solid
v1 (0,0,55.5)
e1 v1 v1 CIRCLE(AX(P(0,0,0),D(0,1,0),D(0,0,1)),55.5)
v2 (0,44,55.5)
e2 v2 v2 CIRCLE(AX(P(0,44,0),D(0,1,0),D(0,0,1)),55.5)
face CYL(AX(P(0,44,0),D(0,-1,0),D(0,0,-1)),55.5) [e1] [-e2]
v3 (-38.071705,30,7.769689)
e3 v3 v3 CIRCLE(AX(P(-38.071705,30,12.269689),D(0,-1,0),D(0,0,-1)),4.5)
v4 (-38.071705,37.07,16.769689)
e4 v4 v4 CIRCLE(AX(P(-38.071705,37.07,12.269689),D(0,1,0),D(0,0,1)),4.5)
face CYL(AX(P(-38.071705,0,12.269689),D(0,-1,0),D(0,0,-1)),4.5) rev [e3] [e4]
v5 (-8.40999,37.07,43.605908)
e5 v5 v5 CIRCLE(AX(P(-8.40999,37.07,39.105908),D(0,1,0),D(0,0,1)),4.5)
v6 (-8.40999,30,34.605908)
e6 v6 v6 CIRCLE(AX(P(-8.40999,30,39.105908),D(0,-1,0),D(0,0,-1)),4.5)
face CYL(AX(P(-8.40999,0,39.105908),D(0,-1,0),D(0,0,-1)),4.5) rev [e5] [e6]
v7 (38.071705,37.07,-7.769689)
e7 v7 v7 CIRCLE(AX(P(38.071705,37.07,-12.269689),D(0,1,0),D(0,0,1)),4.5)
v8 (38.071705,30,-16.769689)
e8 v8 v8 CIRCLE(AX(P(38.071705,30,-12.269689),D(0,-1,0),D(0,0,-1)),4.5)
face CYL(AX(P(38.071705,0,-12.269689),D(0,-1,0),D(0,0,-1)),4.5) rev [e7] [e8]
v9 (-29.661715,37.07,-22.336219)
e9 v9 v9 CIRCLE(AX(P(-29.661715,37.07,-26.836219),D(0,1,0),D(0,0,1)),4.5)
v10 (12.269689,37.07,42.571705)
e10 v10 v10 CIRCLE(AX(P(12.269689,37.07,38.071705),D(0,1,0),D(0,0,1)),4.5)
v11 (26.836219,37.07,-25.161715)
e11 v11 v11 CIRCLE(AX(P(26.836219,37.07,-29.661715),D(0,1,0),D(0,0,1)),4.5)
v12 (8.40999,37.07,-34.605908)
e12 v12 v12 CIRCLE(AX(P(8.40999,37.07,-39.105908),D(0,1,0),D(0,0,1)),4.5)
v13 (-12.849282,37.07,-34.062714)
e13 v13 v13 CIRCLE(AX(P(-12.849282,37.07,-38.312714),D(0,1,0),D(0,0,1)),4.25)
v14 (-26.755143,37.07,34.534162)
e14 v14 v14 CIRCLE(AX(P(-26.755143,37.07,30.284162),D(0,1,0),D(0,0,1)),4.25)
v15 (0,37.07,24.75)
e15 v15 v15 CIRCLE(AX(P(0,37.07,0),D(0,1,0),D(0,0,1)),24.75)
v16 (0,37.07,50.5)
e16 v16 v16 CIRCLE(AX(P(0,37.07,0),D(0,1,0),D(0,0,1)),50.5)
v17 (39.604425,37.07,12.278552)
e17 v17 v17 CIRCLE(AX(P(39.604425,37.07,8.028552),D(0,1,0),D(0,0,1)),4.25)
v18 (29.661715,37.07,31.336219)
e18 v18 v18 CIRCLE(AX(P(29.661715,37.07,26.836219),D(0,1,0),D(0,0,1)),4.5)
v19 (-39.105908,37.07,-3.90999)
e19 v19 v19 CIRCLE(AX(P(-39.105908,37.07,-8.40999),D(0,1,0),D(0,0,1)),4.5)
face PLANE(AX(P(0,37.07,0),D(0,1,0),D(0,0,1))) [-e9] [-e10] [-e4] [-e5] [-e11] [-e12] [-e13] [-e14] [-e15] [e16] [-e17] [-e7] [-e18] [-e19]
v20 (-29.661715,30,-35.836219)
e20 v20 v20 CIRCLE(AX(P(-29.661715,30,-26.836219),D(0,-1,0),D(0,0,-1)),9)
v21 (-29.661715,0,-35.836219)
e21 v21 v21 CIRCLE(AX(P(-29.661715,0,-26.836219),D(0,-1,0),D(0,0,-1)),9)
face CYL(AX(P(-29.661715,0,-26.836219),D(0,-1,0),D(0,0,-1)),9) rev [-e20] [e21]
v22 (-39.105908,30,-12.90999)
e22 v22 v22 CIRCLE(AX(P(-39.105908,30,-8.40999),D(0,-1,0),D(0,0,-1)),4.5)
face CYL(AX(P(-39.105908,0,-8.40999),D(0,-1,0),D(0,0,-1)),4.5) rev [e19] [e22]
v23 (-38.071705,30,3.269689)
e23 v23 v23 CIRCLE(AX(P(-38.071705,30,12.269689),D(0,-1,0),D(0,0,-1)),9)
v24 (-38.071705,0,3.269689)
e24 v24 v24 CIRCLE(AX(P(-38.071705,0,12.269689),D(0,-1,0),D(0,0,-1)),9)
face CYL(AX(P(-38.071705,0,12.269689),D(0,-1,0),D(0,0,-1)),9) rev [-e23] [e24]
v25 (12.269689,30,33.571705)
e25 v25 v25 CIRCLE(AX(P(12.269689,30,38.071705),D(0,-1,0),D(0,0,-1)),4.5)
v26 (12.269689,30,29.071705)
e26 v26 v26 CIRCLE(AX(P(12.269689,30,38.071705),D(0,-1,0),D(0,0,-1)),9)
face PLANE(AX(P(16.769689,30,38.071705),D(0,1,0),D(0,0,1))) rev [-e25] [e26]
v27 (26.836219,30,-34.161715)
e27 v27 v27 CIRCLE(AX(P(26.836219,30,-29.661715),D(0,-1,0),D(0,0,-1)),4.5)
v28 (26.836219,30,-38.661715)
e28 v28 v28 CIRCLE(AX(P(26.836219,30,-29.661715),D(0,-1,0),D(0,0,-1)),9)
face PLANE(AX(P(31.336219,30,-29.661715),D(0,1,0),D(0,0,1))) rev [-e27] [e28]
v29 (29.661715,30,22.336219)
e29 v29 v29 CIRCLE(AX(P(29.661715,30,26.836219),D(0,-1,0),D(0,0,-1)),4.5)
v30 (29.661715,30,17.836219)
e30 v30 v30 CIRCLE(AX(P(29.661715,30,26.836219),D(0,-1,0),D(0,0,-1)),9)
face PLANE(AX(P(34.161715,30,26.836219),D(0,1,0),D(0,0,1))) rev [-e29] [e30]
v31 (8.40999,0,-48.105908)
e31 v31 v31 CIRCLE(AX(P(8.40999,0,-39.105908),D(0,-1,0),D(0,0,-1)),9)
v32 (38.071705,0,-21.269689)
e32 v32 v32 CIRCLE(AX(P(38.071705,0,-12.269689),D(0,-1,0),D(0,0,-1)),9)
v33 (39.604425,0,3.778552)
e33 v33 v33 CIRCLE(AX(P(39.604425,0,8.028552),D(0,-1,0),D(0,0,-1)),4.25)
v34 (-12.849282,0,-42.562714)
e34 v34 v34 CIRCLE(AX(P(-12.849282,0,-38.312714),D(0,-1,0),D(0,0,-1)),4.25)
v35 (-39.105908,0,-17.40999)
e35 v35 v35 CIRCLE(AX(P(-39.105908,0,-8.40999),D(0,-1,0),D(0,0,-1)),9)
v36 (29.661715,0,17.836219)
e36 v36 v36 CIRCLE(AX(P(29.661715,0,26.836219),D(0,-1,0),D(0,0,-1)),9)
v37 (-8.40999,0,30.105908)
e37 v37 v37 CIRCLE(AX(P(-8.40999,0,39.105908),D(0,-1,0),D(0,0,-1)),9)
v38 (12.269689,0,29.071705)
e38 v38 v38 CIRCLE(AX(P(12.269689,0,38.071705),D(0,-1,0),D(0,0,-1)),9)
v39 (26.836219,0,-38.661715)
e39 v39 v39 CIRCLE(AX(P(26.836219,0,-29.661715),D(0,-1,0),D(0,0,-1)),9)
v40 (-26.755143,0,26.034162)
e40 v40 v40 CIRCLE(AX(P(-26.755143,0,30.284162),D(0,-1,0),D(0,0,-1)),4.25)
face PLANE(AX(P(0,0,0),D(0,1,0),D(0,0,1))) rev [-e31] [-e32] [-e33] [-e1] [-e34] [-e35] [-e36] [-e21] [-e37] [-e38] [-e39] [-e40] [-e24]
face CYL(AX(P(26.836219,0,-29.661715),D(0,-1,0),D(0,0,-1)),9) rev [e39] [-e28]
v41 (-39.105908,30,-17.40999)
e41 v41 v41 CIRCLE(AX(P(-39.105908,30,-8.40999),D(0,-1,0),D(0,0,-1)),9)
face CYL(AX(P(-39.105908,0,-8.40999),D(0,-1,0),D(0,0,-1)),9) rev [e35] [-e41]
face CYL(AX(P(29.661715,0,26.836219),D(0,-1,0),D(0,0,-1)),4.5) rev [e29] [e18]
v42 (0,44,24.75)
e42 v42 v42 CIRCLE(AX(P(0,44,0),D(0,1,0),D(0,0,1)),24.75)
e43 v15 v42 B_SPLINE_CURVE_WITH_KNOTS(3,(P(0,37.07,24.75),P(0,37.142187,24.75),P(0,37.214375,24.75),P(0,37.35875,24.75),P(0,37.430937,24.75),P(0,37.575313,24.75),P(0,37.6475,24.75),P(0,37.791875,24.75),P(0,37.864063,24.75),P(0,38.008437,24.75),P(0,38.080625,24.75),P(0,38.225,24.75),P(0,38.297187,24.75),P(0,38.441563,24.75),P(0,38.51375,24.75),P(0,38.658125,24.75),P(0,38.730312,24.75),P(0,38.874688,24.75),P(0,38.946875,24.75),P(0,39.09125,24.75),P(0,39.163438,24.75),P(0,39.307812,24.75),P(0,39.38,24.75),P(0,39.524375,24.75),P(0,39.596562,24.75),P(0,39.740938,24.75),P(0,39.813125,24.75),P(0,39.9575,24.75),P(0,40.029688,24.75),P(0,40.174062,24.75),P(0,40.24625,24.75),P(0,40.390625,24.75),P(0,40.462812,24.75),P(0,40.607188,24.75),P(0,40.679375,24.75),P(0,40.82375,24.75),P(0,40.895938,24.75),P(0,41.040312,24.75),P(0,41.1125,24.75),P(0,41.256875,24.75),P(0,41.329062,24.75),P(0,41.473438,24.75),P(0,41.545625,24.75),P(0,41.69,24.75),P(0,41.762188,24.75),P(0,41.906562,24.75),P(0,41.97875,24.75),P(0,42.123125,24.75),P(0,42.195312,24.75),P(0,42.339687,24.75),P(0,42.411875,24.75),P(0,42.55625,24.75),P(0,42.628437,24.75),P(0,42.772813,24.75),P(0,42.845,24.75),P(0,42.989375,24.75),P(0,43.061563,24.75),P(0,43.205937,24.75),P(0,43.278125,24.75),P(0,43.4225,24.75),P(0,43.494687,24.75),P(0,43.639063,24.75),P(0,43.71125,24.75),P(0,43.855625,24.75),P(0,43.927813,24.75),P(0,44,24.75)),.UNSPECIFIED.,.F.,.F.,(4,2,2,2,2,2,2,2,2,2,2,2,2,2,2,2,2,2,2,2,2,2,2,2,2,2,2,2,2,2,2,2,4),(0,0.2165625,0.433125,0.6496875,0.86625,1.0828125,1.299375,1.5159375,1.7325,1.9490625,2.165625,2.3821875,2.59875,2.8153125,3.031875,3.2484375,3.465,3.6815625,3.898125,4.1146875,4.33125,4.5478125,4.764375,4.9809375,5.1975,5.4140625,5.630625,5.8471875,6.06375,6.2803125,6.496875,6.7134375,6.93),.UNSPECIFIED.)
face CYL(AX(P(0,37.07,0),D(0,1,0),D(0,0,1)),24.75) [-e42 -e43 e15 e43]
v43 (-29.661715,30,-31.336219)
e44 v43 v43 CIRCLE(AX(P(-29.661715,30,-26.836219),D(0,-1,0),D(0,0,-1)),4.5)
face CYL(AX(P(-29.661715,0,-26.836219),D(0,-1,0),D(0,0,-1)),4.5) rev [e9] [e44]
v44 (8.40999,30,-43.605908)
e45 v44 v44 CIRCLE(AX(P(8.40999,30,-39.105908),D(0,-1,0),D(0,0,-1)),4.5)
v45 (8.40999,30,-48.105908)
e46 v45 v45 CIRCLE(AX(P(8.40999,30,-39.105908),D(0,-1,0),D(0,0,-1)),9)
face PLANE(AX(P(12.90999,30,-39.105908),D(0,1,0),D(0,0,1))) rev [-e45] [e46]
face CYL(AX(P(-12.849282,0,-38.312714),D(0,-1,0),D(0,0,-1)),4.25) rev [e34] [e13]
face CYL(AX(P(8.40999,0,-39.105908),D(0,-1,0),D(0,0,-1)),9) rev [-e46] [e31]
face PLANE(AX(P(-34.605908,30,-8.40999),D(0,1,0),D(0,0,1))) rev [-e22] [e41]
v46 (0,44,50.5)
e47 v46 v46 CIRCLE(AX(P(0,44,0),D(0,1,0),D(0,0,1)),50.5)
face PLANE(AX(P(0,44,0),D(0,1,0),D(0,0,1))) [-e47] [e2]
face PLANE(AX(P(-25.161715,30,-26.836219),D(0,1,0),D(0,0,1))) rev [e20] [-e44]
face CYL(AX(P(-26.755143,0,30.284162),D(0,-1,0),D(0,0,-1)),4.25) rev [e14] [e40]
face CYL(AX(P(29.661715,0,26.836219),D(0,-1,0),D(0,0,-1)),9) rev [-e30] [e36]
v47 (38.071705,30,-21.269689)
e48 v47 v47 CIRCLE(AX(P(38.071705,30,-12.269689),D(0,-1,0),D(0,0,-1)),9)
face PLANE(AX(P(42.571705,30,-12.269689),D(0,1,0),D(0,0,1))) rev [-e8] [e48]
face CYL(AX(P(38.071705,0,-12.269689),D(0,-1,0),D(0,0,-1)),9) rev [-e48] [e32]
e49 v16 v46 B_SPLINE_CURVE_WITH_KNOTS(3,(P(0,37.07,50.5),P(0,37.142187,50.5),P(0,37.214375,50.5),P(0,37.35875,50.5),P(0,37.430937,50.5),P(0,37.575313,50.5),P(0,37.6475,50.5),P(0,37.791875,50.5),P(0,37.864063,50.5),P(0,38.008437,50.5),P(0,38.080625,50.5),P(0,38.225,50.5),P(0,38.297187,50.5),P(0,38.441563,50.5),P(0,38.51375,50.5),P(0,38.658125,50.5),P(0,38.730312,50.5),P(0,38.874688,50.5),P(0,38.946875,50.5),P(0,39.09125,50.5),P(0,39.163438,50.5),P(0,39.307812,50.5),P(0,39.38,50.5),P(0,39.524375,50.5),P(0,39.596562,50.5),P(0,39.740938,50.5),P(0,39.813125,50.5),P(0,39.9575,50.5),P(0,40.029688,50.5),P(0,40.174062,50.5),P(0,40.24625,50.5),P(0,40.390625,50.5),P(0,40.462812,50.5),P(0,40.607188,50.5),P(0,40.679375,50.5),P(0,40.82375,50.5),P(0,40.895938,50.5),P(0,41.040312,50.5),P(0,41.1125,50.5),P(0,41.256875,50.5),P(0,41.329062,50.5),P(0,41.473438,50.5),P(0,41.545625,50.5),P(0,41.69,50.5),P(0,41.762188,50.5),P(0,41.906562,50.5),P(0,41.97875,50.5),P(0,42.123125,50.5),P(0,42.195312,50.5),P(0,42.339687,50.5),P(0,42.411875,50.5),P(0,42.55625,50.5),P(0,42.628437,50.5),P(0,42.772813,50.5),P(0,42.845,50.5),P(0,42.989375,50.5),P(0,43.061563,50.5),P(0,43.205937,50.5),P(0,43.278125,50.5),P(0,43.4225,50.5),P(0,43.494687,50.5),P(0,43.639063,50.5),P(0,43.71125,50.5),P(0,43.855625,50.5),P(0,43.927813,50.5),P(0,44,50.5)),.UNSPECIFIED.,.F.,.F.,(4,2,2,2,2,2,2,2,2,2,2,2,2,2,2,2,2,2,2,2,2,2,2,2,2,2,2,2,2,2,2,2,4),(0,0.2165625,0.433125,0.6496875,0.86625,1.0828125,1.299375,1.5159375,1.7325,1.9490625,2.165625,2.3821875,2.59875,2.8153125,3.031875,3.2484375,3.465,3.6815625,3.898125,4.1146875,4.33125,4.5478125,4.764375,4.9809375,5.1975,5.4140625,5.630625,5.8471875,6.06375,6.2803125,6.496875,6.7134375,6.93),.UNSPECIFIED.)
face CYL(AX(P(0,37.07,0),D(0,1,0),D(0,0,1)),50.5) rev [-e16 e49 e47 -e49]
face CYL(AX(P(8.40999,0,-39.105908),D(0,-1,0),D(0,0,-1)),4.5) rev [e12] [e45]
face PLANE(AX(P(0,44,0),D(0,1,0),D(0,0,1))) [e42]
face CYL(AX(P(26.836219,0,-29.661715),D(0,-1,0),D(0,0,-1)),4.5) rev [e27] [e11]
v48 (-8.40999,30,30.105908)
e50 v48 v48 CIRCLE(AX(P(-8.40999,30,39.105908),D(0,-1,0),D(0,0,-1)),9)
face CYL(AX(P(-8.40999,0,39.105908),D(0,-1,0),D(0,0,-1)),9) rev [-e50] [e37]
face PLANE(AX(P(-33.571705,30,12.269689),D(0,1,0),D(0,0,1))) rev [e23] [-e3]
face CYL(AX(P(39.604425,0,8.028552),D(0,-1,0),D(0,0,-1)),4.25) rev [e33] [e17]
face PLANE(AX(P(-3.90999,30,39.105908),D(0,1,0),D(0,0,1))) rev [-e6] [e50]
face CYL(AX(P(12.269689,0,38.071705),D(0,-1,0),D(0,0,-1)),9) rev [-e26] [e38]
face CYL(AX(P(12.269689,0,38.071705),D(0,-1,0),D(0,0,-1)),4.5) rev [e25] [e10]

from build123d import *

# Parameters (mm, degrees)
CROQUIS1_R                                           = 55.5
SALIENTE_EXTRUIR1_DEPTH                              = 44
CROQUIS2_R                                           = 50.5
CROQUIS2_R_2                                         = 24.75
CORTAR_EXTRUIR2_DEPTH                                = 6.93
REFRENTADO_PARA_TORNILLO_CON_CABEZA_TRON_D           = 9
REFRENTADO_PARA_TORNILLO_CON_CABEZA_TRON_CBORE_D     = 18
REFRENTADO_PARA_TORNILLO_CON_CABEZA_TRON_CBORE_DEPTH = 30
TALADRO_ROSCADO_M10X1_51_D                           = 8.5


with BuildPart() as part:
    # Croquis1 → Saliente-Extruir1 (new body)
    with BuildSketch(Plane(origin=(0, 0, 0), x_dir=(1, 0, 0), z_dir=(0, 1, 0))):
        with Locations(Location((0, 0, 0), (0, 0, 270))):
            Circle(CROQUIS1_R)
    extrude(amount=SALIENTE_EXTRUIR1_DEPTH)

    # Croquis2 → Cortar-Extruir2 (cut)
    with BuildSketch(Plane(origin=(0, 44, 0), x_dir=(1, 0, 0), z_dir=(0, 1, 0))):
        with Locations(Location((0, 0, 0), (0, 0, 270))):
            Circle(CROQUIS2_R)
        with Locations(Location((0, 0, 0), (0, 0, 270))):
            Circle(CROQUIS2_R_2, mode=Mode.SUBTRACT)
    extrude(amount=-CORTAR_EXTRUIR2_DEPTH, mode=Mode.SUBTRACT)

    # Refrentado para tornillo con cabeza troncocónica de M81 (through all)
    with Locations(Plane(origin=(0, 0, 0), x_dir=(-1, 0, 0), z_dir=(0, -1, 0))):
        with Locations((8.40999002, -39.10590835), (-12.269689172, -38.071705079), (-29.661715059, -26.836219178), (-38.071705079, 12.269689172), (-26.836219178, 29.661715059), (-8.40999002, 39.10590835), (29.661715059, 26.836219178), (39.10590835, 8.40999002), (38.071705079, -12.269689172)):
            CounterBoreHole(REFRENTADO_PARA_TORNILLO_CON_CABEZA_TRON_D / 2, REFRENTADO_PARA_TORNILLO_CON_CABEZA_TRON_CBORE_D / 2, REFRENTADO_PARA_TORNILLO_CON_CABEZA_TRON_CBORE_DEPTH)

    # Taladro roscado M10x1.51 (through all)
    with Locations(Plane(origin=(0, 0, 0), x_dir=(-1, 0, 0), z_dir=(0, -1, 0))):
        with Locations((26.755142579, -30.284161629), (-39.604424593, -8.02855234), (12.849282014, 38.31271397)):
            Hole(TALADRO_ROSCADO_M10X1_51_D / 2)


solid = part.part
